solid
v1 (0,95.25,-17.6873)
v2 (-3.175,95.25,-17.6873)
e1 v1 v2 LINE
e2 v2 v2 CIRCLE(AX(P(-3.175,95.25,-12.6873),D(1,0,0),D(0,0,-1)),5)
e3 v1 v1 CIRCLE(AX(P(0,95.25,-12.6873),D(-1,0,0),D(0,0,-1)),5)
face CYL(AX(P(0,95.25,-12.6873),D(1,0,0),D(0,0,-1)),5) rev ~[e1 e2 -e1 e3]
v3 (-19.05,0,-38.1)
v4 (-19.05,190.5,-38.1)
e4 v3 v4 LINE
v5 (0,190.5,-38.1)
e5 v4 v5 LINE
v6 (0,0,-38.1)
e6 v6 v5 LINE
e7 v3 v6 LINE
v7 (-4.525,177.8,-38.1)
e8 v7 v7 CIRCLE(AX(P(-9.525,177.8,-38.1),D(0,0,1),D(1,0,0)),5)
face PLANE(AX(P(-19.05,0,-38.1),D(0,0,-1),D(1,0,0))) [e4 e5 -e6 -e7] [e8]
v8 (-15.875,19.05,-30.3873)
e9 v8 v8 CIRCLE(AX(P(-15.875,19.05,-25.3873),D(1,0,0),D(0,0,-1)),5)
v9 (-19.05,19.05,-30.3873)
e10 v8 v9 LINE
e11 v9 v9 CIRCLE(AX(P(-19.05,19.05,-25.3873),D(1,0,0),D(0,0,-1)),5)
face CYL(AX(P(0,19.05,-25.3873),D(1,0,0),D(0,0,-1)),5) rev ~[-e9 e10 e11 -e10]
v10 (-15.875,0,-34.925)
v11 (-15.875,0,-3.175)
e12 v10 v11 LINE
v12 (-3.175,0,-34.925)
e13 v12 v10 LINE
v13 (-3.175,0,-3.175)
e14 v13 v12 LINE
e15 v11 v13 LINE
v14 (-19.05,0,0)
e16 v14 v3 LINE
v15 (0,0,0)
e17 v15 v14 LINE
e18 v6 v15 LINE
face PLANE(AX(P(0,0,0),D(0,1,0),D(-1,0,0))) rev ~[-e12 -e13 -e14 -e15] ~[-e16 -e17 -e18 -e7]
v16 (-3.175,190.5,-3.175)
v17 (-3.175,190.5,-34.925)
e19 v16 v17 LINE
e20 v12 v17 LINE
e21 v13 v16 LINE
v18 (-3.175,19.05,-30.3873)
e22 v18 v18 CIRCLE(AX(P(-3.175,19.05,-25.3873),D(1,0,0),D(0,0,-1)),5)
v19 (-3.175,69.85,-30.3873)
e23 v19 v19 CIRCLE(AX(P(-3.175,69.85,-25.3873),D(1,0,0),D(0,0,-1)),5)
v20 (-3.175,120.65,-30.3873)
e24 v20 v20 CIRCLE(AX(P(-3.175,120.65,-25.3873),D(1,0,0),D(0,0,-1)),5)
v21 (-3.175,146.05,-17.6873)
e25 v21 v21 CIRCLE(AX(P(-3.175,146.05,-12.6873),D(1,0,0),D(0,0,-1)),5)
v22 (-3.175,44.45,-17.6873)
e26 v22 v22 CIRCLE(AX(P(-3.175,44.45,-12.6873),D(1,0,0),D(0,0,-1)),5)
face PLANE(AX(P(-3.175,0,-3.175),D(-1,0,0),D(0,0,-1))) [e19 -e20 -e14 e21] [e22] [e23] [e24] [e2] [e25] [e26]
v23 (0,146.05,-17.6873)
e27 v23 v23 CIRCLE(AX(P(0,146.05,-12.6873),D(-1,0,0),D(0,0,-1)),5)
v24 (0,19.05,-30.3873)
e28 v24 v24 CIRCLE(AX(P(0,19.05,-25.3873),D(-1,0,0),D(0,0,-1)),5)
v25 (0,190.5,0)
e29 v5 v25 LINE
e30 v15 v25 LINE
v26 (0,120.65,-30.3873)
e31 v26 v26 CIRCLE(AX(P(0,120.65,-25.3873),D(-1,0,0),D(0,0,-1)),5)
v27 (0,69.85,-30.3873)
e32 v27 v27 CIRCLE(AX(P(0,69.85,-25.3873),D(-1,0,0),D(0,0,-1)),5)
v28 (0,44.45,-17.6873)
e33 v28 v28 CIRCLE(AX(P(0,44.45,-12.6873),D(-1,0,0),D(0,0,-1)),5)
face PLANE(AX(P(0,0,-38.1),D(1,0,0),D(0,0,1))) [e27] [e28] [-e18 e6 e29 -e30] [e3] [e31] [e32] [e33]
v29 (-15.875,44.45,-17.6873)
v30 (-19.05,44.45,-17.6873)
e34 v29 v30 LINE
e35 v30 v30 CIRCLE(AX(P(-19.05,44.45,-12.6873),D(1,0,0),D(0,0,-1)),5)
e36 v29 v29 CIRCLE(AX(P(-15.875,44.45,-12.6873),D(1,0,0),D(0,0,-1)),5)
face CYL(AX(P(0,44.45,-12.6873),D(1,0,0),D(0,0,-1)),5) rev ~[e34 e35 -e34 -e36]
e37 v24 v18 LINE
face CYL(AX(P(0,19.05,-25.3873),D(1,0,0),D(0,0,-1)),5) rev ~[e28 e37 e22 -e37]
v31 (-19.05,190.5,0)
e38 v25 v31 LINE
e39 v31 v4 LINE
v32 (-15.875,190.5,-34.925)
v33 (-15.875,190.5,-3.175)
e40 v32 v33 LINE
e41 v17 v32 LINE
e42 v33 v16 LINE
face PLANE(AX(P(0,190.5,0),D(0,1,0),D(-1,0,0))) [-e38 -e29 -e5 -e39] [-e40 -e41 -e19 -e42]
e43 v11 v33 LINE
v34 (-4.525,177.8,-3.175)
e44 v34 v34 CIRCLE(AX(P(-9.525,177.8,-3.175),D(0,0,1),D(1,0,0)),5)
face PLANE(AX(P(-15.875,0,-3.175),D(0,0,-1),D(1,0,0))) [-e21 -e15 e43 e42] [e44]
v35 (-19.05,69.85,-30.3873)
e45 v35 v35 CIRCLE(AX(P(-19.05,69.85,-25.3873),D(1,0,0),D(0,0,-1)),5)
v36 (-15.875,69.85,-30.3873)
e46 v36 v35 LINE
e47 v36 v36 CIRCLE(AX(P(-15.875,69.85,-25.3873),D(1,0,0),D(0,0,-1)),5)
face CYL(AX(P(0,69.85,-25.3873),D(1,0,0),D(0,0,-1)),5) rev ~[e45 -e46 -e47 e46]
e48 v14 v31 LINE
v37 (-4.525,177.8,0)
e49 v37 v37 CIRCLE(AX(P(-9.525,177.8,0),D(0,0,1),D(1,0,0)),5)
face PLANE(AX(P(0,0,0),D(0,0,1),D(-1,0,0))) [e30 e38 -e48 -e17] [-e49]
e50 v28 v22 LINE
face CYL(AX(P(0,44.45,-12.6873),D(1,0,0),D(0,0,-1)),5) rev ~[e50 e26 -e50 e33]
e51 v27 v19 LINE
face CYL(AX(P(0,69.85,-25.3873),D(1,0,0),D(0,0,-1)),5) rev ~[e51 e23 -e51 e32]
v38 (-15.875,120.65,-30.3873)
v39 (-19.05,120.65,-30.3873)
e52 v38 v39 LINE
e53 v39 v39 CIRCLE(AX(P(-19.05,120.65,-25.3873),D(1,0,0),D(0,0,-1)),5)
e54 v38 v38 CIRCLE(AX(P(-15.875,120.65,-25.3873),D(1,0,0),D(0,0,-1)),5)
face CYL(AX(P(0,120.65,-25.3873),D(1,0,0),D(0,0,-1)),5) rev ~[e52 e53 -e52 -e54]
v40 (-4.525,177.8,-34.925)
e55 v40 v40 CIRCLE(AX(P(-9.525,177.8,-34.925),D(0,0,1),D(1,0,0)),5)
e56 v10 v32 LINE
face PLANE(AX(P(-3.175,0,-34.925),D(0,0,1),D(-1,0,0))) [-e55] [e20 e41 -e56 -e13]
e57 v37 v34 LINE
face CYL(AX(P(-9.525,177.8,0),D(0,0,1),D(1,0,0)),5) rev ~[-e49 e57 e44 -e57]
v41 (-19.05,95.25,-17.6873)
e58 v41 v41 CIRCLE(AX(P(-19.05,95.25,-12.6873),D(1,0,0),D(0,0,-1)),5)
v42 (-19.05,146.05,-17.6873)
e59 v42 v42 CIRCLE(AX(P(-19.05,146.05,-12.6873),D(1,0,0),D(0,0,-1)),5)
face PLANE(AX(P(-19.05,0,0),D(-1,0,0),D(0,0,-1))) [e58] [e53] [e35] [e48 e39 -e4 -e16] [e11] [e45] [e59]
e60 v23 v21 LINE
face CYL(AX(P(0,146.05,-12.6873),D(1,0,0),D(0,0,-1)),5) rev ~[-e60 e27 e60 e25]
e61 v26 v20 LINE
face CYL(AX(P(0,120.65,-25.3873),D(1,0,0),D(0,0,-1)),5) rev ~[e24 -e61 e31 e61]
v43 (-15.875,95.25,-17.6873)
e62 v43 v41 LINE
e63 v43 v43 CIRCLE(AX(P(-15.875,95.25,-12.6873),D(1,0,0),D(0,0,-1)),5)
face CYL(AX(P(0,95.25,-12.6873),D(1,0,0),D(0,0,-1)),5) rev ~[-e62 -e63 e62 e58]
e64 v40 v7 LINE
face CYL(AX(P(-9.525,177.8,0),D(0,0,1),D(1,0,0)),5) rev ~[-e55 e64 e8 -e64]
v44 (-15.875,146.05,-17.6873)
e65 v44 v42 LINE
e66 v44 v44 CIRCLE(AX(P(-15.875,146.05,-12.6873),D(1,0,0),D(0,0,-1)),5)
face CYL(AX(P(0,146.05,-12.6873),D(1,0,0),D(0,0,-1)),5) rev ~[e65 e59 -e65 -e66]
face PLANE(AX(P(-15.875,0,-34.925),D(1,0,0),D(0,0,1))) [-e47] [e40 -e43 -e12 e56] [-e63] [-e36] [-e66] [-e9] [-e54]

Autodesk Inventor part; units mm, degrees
ref_plane "YZ Plane" through (0, 0, 0) normal (1, 0, 0) x (0, 1, 0)
ref_plane "XZ Plane" through (0, 0, 0) normal (0, 1, 0) x (-1, 0, 0)
ref_plane "XY Plane" through (0, 0, 0) normal (0, 0, 1) x (1, 0, 0)
sketch "Sketch1" plane through (0, 0, 0) normal (0, 1, 0) x (-1, 0, 0)
  line L0 (0, 0) -> (19.05, 0)
  line L1 (19.05, 0) -> (19.05, -38.1)
  line L2 (19.05, -38.1) -> (0, -38.1)
  line L3 (0, -38.1) -> (0, 0)
  line L4 (15.875, -34.925) -> (15.875, -3.175)
  line L5 (15.875, -3.175) -> (3.175, -3.175)
  line L6 (3.175, -3.175) -> (3.175, -34.925)
  line L7 (3.175, -34.925) -> (15.875, -34.925)
  dimension "d0" = 19.05
  dimension "d1" = 38.1
  dimension "d2" = 3.175
extrude "Extrusion1" add sketch "Sketch1" along normal blind 190.5
sketch "Sketch2" plane through (-19.05, 0, 0) normal (0, 0, 1) x (1, 0, 0)
  circle A0 centre (9.525, 177.8) radius 5
  line L0 (15.875, 0) -> (15.875, 190.5) projected
  line L1 (0, 0) -> (19.05, 0) projected
  line L2 (19.05, 0) -> (19.05, 190.5) projected
  line L3 (0, 190.5) -> (19.05, 190.5) projected
  line L4 (0, 0) -> (0, 190.5) projected
  point P0 (9.525, 190.5)
  dimension "d5" = 10
  dimension "d6" = 9.525
  dimension "d7" = 12.7
extrude "Extrusion2" cut sketch "Sketch2" against normal blind 204.7875 contours A0
sketch "Sketch3" plane through (0, 0, 0) normal (1, 0, 0) x (0, 0, -1)
  line L0 (25.3873, 190.5) -> (25.3873, 0)
  line L1 (38.1, 190.5) -> (38.1, 0)
  line L2 (38.1, 0) -> (0, 0) projected
  line L3 (38.1, 190.5) -> (25.3873, 190.5)
  line L4 (38.1, 0) -> (38.1, 190.5) projected
  line L5 (25.3873, 190.5) -> (38.1, 190.5)
  line L6 (38.1, 190.5) -> (0, 190.5)
  line L7 (0, 190.5) -> (38.1, 190.5) projected
  line L8 (12.6873, 190.5) -> (12.6873, 0)
  circle A0 centre (25.3873, 19.05) radius 5
  circle A1 centre (12.6873, 44.45) radius 5
  circle A2 centre (25.3873, 69.85) radius 5
  circle A3 centre (25.3873, 120.65) radius 5
  circle A4 centre (12.6873, 95.25) radius 5
  circle A5 centre (12.6873, 146.05) radius 5
  dimension "d10" = 12.7
  dimension "d11" = 10
  dimension "d12" = 10
  dimension "d15" = 50.8
  dimension "d20" = 19.05
  dimension "d21" = 25.4
  dimension "d24" = 50.8
extrude "Extrusion3" cut sketch "Sketch3" against normal blind 204.7875 contours A3 L0 | L0 A3 | A5 L8 | L8 A5 | A2 L0 | L0 A2 | A0 L0 | L0 A0 | A4 L8 | L8 A4 | A1 L8 | L8 A1
properties part number "hinge base"
